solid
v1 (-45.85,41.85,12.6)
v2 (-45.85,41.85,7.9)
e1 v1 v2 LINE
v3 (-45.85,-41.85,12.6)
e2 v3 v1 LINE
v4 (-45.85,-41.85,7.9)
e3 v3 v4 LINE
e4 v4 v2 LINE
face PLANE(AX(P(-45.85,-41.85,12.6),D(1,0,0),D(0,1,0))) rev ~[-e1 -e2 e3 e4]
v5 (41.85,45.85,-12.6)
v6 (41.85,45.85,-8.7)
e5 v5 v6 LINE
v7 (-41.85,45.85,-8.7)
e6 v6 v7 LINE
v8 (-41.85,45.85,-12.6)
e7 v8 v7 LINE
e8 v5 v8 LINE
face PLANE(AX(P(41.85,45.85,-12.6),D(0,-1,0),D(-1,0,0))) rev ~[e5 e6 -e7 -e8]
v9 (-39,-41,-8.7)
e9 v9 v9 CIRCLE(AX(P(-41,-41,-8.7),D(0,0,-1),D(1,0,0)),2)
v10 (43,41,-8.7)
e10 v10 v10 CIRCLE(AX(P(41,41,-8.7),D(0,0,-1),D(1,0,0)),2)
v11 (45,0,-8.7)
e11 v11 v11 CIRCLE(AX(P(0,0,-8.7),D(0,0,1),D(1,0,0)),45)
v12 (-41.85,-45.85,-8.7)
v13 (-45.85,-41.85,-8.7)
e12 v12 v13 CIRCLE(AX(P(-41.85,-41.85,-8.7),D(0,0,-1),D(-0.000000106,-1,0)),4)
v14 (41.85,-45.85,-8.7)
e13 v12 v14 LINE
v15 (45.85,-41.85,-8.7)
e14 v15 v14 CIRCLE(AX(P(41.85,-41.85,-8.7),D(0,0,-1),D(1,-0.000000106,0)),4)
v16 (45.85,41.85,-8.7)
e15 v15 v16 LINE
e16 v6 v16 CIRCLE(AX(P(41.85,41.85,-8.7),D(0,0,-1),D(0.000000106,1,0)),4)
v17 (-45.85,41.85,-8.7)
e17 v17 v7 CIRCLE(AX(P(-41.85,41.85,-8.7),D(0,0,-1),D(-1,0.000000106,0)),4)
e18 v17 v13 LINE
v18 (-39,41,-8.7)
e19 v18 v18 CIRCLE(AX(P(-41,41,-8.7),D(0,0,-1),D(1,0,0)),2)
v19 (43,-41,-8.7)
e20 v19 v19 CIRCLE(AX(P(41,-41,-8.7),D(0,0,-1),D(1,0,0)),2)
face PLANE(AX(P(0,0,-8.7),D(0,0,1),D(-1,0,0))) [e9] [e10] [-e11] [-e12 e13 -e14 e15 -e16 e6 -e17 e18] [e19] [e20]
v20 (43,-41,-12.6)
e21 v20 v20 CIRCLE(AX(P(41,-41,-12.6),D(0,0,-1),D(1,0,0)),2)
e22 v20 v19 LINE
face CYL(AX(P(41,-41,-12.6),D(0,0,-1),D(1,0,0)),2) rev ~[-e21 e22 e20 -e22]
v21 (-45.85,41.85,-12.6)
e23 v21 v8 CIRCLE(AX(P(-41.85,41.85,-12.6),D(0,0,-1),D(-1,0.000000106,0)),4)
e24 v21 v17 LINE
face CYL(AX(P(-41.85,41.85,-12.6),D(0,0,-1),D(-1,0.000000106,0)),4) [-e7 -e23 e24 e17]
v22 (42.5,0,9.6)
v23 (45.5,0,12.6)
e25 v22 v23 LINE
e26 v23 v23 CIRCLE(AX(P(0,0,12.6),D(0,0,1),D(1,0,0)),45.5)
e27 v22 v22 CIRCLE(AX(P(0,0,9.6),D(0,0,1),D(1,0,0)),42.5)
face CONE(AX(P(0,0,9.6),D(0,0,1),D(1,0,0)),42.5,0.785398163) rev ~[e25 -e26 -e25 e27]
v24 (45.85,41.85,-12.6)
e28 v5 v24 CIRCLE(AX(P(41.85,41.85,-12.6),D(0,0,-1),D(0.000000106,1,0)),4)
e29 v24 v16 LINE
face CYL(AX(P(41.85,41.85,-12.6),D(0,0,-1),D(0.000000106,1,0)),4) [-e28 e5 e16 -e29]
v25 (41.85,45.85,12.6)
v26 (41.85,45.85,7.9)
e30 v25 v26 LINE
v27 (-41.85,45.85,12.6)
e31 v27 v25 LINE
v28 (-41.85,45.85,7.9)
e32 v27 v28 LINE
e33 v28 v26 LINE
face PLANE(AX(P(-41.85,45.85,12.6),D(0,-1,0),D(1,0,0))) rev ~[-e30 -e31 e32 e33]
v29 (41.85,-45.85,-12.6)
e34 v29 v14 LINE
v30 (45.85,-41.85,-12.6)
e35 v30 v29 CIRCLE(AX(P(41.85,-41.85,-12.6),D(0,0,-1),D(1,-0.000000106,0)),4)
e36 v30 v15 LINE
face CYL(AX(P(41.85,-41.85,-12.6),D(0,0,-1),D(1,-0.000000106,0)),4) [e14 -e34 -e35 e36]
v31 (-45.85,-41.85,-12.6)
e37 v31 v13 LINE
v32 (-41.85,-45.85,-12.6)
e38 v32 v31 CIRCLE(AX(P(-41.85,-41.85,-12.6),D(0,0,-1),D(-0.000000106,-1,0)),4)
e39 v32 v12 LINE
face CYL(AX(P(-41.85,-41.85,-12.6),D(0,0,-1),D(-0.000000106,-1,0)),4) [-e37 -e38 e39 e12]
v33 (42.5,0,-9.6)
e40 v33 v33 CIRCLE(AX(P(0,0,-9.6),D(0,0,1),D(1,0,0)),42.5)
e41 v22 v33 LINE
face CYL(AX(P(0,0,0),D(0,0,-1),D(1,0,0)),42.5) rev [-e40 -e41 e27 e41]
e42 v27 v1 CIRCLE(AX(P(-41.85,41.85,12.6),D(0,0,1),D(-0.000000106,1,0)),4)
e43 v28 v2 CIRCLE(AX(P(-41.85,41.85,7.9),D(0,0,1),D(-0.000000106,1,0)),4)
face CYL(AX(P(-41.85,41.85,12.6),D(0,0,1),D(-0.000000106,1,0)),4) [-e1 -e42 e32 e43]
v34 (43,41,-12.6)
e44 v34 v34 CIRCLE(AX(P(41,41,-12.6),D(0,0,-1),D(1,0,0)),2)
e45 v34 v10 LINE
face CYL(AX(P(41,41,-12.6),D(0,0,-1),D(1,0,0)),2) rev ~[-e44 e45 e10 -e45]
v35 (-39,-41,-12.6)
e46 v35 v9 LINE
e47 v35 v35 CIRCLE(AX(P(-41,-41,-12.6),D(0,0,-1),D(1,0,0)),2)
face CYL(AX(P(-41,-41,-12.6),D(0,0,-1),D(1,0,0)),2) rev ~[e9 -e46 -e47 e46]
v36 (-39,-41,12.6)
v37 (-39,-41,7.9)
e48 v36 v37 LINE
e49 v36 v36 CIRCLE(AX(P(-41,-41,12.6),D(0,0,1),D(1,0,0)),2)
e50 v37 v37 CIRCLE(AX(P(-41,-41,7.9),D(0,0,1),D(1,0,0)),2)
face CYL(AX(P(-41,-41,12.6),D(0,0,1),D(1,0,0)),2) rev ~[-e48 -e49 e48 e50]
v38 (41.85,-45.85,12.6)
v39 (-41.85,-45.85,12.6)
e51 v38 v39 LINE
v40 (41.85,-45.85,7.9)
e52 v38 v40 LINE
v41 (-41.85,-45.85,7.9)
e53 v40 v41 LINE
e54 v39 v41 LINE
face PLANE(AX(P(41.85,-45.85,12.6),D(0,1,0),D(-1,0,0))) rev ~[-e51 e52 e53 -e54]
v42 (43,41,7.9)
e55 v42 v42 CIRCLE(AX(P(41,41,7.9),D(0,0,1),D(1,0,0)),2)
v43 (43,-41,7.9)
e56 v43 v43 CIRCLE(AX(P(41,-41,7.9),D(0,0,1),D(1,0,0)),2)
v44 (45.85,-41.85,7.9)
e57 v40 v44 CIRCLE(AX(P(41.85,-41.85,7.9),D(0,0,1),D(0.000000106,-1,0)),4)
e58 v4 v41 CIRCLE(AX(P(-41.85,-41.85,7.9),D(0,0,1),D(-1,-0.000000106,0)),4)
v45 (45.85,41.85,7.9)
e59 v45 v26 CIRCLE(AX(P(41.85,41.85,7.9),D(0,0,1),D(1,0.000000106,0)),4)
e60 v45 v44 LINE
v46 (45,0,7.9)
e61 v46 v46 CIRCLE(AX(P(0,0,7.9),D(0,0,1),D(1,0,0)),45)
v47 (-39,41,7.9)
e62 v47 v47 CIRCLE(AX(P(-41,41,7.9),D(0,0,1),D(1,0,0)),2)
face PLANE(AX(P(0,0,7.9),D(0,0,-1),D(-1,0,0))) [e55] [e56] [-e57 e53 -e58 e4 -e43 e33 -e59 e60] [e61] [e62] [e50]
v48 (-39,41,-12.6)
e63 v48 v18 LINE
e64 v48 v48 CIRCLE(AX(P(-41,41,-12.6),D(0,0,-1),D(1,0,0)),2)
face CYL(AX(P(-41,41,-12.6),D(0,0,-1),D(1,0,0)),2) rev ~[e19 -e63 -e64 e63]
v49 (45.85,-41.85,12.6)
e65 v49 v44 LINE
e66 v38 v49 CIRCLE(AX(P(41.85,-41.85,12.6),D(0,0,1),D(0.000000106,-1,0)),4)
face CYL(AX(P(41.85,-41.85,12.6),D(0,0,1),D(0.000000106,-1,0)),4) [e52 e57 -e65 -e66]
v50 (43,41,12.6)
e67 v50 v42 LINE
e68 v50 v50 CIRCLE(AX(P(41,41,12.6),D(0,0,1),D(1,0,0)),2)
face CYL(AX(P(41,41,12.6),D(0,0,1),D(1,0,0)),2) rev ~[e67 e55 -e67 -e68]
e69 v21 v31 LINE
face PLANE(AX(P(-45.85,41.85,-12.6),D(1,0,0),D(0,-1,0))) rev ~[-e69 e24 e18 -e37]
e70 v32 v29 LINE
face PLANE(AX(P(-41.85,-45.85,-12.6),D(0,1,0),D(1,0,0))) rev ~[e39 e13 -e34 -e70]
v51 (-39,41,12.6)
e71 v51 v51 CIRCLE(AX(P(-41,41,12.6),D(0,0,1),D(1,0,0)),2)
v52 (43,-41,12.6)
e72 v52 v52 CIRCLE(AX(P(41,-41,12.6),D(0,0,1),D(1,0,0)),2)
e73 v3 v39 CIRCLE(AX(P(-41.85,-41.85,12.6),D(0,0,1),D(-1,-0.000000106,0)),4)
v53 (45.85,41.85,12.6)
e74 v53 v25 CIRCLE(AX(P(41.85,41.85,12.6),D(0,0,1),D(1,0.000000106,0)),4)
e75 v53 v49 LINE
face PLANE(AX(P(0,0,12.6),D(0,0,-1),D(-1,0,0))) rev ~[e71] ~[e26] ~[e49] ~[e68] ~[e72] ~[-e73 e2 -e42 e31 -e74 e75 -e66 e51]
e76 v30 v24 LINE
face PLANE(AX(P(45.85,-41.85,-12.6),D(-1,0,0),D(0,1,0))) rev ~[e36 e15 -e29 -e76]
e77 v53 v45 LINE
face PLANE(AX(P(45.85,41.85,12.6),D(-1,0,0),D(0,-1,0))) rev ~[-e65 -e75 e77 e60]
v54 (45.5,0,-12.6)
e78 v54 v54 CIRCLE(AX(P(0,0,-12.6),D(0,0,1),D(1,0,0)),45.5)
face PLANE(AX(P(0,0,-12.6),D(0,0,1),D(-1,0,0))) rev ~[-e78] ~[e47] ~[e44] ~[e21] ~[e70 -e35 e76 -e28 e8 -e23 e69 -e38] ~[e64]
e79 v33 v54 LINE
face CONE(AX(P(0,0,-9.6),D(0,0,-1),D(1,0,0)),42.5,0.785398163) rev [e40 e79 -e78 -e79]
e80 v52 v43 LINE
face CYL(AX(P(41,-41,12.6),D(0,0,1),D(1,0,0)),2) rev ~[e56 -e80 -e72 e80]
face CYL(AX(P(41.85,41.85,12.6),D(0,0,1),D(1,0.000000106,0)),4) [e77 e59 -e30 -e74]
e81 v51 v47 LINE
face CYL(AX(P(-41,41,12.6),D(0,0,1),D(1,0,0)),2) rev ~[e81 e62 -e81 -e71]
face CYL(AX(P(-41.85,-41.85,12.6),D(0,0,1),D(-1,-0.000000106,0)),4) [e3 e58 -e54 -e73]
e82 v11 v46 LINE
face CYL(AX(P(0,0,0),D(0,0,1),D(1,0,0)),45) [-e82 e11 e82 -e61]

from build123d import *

# Parameters (mm, degrees)
SKETCH_R        = 45
SKETCH_R_2      = 42.5
PAD_DEPTH       = 12.6
SKETCH001_R     = 2
SKETCH001_R_2   = 44.5
PAD001_DEPTH    = 4.7
SKETCH002_R     = 2
SKETCH002_R_2   = 44.5
PAD002_DEPTH    = 3.9
CHAMFER_SIZE    = 3
CHAMFER001_SIZE = 3


with BuildPart() as part:
    # Sketch → Pad (new body, symmetric)
    with BuildSketch(Plane.XY):
        Circle(SKETCH_R)
        Circle(SKETCH_R_2, mode=Mode.SUBTRACT)
    extrude(amount=PAD_DEPTH, both=True)

    # Sketch001 (on Face4 of Pad) → Pad001 (join)
    with BuildSketch(Plane.XY.offset(12.6)):
        with BuildLine():
            Line((-41.85, 45.85), (41.85, 45.85))
            ThreePointArc((45.85, 41.85), (44.678427, 44.678427), (41.85, 45.85))
            Line((45.85, 41.85), (45.85, -41.85))
            ThreePointArc((41.85, -45.85), (44.678427, -44.678427), (45.85, -41.85))
            Line((41.85, -45.85), (-41.85, -45.85))
            ThreePointArc((-45.85, -41.85), (-44.678427, -44.678427), (-41.85, -45.85))
            Line((-45.85, -41.85), (-45.85, 41.85))
            ThreePointArc((-41.85, 45.85), (-44.678427, 44.678427), (-45.85, 41.85))
        make_face()
        with Locations((-41, 41)):
            Circle(SKETCH001_R, mode=Mode.SUBTRACT)
        with Locations((41, 41)):
            Circle(SKETCH001_R, mode=Mode.SUBTRACT)
        with Locations((-41, -41)):
            Circle(SKETCH001_R, mode=Mode.SUBTRACT)
        with Locations((41, -41)):
            Circle(SKETCH001_R, mode=Mode.SUBTRACT)
        Circle(SKETCH001_R_2, mode=Mode.SUBTRACT)
    extrude(amount=-PAD001_DEPTH)

    # Sketch002 (on Face2 of Pad001) → Pad002 (join)
    with BuildSketch(Plane(origin=(0, 0, -12.6), x_dir=(1, 0, 0), z_dir=(0, 0, -1))):
        with BuildLine():
            Line((-41.85, 45.85), (41.85, 45.85))
            ThreePointArc((45.85, 41.85), (44.678427, 44.678427), (41.85, 45.85))
            Line((45.85, 41.85), (45.85, -41.85))
            ThreePointArc((41.85, -45.85), (44.678427, -44.678427), (45.85, -41.85))
            Line((41.85, -45.85), (-41.85, -45.85))
            ThreePointArc((-45.85, -41.85), (-44.678427, -44.678427), (-41.85, -45.85))
            Line((-45.85, -41.85), (-45.85, 41.85))
            ThreePointArc((-41.85, 45.85), (-44.678427, 44.678427), (-45.85, 41.85))
        make_face()
        with Locations((-41, 41)):
            Circle(SKETCH002_R, mode=Mode.SUBTRACT)
        with Locations((41, 41)):
            Circle(SKETCH002_R, mode=Mode.SUBTRACT)
        with Locations((-41, -41)):
            Circle(SKETCH002_R, mode=Mode.SUBTRACT)
        with Locations((41, -41)):
            Circle(SKETCH002_R, mode=Mode.SUBTRACT)
        Circle(SKETCH002_R_2, mode=Mode.SUBTRACT)
    extrude(amount=-PAD002_DEPTH)

    # Chamfer
    chamfer_edges = [part.edges().sort_by_distance(p)[0] for p in [
        (-42.5, 0, 12.6),
    ]]
    chamfer(chamfer_edges, length=CHAMFER_SIZE)

    # Chamfer001
    chamfer001_edges = [part.edges().sort_by_distance(p)[0] for p in [
        (-42.5, 0, -12.6),
    ]]
    chamfer(chamfer001_edges, length=CHAMFER001_SIZE)


solid = part.part
